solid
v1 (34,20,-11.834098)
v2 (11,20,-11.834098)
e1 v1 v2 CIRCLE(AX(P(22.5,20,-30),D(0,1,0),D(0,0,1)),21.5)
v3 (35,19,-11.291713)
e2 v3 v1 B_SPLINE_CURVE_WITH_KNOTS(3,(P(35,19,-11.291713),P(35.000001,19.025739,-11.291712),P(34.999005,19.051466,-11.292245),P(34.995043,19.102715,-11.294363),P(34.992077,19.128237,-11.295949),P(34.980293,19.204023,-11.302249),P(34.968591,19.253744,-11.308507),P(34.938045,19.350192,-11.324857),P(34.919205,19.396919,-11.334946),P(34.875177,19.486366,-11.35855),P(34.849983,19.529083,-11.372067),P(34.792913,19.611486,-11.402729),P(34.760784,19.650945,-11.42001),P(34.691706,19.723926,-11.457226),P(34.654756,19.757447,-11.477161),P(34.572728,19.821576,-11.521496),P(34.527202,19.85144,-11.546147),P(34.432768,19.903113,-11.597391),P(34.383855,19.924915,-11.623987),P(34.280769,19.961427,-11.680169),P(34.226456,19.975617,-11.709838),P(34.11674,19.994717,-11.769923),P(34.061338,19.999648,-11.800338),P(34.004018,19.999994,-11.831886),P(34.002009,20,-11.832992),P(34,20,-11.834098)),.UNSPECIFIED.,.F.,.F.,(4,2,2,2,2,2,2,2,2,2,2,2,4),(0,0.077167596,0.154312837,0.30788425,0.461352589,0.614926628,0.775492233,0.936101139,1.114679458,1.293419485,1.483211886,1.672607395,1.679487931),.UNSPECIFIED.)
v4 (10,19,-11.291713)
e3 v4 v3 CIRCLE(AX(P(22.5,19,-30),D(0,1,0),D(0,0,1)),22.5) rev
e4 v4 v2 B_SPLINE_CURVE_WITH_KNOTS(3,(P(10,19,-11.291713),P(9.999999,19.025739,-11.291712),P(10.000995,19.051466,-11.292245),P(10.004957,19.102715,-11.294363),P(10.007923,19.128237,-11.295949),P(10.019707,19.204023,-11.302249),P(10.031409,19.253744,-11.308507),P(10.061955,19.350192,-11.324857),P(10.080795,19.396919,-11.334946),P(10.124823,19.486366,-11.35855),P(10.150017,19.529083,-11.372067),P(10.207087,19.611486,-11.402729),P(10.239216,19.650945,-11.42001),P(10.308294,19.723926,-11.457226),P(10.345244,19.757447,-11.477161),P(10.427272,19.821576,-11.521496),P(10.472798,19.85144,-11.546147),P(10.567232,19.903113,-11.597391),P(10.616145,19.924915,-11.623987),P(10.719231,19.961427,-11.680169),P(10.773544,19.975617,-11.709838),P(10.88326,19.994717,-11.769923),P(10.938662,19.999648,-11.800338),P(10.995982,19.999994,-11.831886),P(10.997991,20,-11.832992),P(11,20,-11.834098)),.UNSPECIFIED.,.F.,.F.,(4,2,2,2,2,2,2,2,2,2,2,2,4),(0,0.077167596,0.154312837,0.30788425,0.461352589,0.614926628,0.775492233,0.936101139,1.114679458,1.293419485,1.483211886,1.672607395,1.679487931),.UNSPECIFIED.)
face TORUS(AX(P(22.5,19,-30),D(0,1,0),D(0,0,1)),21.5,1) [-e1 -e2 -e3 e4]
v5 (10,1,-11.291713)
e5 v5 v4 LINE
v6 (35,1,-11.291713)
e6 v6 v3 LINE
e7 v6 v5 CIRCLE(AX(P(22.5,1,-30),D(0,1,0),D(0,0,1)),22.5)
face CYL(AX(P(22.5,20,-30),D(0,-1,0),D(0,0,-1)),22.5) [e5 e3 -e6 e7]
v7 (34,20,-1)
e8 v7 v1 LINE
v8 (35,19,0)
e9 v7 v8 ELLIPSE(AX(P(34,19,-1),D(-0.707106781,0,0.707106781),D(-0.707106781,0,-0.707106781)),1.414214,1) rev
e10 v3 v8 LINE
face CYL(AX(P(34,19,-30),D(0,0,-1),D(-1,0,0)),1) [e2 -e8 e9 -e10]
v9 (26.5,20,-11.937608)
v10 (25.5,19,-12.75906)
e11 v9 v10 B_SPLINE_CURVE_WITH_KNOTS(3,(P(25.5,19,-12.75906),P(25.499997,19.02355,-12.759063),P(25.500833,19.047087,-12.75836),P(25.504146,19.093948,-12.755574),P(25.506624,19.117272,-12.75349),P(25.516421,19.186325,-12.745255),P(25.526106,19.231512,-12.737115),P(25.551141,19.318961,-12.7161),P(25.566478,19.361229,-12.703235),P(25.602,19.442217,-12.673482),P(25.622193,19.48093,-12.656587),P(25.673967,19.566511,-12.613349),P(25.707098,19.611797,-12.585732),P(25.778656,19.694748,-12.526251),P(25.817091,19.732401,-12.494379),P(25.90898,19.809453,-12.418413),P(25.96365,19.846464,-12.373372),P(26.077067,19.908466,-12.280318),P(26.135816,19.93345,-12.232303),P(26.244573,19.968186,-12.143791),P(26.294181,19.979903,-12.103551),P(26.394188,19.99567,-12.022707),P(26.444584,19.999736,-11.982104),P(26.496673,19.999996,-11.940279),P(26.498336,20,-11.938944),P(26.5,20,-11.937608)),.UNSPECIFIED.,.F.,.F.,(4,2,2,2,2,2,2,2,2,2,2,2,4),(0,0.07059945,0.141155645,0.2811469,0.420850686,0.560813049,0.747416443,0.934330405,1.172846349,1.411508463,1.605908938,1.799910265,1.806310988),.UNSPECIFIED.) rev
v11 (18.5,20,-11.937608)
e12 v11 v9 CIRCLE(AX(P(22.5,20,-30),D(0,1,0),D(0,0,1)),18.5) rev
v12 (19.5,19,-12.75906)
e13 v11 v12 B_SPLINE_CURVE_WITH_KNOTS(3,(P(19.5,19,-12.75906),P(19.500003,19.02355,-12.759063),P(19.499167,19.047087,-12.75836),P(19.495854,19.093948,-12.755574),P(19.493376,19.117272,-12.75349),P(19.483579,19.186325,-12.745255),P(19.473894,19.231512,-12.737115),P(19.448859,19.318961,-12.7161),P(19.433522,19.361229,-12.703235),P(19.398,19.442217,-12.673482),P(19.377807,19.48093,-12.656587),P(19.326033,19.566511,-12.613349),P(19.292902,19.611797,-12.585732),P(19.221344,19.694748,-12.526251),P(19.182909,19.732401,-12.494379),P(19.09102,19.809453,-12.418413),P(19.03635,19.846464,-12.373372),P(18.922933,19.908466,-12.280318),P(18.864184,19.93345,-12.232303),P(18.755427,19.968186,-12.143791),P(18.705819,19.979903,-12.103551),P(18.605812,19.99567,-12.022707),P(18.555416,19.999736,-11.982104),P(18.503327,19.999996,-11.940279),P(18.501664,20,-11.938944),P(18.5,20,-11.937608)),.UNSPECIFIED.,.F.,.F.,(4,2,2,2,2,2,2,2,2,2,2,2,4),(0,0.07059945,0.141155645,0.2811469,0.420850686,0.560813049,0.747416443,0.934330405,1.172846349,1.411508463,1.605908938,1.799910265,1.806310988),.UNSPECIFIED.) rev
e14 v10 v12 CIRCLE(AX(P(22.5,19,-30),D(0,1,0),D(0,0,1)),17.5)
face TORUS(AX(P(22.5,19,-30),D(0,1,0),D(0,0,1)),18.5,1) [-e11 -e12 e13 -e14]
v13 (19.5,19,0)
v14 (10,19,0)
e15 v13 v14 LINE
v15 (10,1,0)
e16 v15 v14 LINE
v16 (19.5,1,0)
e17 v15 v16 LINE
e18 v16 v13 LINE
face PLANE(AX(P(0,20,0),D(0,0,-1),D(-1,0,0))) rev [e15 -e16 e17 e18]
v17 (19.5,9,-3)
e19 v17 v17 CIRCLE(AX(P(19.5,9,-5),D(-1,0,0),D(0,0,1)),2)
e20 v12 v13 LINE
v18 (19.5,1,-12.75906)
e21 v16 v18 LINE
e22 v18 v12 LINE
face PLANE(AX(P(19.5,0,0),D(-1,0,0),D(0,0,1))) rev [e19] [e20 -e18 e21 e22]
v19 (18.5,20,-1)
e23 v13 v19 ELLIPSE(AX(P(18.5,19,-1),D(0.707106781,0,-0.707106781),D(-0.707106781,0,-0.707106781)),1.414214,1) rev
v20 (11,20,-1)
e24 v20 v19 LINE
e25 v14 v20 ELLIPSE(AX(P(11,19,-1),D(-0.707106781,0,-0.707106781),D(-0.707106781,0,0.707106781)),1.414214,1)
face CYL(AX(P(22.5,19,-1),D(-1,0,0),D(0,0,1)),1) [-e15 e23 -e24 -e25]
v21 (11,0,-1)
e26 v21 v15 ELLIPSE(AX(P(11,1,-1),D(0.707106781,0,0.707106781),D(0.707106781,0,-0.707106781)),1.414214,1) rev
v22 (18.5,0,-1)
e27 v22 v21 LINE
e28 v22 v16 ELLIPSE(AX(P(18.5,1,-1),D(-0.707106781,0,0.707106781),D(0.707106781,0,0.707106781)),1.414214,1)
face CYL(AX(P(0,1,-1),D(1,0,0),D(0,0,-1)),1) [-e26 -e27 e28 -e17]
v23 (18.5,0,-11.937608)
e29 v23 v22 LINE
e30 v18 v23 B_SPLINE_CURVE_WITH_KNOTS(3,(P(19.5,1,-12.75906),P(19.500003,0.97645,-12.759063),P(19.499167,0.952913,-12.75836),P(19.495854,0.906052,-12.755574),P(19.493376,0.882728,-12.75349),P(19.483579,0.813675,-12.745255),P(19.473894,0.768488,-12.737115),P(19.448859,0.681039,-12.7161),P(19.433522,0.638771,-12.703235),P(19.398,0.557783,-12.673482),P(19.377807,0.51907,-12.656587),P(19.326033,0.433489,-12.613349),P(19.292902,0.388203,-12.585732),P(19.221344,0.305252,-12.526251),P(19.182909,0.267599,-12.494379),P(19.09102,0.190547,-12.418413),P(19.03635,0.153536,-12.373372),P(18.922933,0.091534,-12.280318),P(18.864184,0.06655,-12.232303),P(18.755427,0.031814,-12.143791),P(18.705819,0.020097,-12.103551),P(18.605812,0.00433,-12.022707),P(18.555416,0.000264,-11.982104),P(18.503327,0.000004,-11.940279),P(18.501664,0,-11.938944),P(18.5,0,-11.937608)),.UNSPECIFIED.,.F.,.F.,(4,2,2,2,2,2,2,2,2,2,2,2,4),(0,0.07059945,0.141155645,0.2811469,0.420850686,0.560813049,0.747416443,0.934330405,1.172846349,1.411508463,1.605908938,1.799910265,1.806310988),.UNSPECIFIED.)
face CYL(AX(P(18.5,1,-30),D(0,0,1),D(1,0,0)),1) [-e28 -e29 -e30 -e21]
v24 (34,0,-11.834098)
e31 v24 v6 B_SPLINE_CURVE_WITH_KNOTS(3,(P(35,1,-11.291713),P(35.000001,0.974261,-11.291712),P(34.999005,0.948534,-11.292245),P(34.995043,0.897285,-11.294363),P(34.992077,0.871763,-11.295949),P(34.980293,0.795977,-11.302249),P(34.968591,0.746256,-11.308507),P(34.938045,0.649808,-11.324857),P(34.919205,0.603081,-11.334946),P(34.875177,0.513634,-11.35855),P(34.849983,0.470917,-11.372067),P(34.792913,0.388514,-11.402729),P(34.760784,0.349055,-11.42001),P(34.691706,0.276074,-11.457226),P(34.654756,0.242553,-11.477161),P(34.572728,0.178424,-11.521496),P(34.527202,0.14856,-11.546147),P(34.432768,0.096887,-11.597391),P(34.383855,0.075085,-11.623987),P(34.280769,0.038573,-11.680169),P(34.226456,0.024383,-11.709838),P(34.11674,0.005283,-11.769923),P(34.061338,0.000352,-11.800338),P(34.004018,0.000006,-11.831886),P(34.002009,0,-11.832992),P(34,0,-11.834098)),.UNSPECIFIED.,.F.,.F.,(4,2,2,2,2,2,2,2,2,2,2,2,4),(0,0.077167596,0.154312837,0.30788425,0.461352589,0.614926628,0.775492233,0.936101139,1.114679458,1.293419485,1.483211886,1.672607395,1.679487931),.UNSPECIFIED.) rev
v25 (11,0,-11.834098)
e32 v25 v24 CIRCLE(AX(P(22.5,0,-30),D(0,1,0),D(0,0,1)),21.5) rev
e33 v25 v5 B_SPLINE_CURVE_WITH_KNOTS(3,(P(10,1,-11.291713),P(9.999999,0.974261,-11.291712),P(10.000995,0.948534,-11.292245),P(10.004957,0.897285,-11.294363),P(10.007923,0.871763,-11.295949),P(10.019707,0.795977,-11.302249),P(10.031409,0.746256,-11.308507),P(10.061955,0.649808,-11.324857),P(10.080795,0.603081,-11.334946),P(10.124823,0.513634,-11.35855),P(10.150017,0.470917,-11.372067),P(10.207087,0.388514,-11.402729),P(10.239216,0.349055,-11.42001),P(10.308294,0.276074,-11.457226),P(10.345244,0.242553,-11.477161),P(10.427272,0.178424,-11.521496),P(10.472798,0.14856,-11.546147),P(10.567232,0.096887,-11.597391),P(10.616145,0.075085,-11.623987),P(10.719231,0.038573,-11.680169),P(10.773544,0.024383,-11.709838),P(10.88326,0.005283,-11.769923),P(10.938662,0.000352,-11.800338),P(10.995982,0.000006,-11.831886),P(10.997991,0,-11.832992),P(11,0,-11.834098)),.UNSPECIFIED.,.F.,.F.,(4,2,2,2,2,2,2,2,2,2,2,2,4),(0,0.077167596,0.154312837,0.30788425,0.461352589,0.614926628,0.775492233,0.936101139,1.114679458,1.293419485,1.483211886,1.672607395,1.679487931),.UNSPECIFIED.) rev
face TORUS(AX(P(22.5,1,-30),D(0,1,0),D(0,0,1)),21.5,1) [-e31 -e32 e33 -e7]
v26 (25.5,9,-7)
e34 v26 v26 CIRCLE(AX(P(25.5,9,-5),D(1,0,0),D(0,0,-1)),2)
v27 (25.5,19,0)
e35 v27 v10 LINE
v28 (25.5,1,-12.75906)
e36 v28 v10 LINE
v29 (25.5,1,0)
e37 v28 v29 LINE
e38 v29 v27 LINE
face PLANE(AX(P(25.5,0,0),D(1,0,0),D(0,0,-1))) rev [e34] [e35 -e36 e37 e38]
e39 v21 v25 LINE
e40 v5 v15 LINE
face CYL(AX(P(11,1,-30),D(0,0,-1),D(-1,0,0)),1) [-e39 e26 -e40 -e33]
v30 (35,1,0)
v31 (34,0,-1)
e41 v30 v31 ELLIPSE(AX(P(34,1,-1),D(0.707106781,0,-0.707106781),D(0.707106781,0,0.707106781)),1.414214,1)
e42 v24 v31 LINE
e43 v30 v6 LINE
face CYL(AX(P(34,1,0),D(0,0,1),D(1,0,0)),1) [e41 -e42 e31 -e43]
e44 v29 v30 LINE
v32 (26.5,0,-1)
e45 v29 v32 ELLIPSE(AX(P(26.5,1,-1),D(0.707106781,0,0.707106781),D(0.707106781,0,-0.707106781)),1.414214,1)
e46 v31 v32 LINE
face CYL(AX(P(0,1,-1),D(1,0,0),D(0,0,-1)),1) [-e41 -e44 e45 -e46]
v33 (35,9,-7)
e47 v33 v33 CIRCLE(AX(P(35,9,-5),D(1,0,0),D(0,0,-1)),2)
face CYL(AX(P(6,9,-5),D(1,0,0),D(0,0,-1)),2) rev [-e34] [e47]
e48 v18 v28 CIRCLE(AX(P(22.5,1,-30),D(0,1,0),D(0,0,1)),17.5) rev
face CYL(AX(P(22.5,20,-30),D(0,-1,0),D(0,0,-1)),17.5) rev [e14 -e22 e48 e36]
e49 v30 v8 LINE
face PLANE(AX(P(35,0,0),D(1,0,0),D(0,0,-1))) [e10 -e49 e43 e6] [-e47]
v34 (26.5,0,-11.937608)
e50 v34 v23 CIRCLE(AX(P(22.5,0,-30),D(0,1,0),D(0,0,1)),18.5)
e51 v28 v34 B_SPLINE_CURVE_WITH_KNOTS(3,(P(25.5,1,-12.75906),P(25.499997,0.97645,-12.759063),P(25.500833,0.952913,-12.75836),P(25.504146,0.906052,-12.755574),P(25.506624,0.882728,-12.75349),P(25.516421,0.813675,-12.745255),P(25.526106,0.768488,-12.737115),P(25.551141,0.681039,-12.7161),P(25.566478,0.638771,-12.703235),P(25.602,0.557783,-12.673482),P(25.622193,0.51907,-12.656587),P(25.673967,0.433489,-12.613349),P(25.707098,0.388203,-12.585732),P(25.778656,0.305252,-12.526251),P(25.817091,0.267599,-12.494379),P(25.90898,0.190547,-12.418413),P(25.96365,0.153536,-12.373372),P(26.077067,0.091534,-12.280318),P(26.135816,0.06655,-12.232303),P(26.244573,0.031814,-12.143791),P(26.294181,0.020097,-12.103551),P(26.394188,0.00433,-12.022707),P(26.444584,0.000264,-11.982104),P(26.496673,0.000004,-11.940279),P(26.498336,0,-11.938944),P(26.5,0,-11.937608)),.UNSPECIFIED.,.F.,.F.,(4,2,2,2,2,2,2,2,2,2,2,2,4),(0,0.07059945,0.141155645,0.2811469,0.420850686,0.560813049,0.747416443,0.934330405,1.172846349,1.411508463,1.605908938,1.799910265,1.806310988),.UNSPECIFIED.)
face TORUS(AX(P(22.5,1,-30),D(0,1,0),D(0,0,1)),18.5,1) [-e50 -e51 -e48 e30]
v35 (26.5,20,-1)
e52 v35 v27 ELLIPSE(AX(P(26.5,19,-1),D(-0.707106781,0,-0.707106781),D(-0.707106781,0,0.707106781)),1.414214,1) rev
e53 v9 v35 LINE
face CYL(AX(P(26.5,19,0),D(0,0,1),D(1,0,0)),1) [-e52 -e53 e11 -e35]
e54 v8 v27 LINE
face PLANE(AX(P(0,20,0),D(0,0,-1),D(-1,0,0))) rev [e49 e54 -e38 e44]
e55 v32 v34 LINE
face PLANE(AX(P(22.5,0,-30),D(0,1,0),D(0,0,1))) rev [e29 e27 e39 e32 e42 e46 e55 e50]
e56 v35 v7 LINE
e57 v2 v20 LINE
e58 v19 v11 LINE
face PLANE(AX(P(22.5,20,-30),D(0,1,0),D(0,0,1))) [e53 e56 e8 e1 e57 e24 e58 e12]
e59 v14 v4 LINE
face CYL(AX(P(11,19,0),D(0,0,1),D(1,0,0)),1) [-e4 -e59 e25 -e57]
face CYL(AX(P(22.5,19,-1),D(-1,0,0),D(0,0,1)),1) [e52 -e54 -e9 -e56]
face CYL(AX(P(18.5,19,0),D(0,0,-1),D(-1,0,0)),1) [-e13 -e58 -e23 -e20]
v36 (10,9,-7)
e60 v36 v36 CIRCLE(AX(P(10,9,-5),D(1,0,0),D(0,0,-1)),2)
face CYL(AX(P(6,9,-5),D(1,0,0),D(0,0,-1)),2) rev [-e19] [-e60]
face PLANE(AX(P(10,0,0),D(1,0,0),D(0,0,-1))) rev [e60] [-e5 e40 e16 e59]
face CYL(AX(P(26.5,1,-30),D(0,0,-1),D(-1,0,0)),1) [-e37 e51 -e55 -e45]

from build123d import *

# Parameters (mm, degrees)
SKETCH1_R           = 17.5
BOSS_EXTRUDE1_DEPTH = 20
SKETCH2_W           = 6
SKETCH2_H           = 12.75906035
CUT_EXTRUDE2_DEPTH  = 20
CUT_EXTRUDE5_DEPTH  = 20
FILLET5_R           = 1
SKETCH6_R           = 2
CUT_EXTRUDE7_DEPTH  = 29


with BuildPart() as part:
    # Sketch1 → Boss-Extrude1 (new body)
    with BuildSketch(Plane(origin=(0, 0, 0), x_dir=(1, 0, 0), z_dir=(0, 1, 0))):
        with BuildLine():
            Line((0, 30), (0, 0))
            Line((0, 0), (45, 0))
            Line((45, 0), (45, 30))
            ThreePointArc((45, 30), (22.5, 52.5), (0, 30))
        make_face()
        with Locations((22.5, 30)):
            Circle(SKETCH1_R, mode=Mode.SUBTRACT)
    extrude(amount=BOSS_EXTRUDE1_DEPTH)

    # Sketch2 → Cut-Extrude2 (cut)
    with BuildSketch(Plane(origin=(0, 20, 0), x_dir=(1, 0, 0), z_dir=(0, 1, 0))):
        with Locations((22.5, 6.379530175)):
            Rectangle(SKETCH2_W, SKETCH2_H)
    extrude(amount=-CUT_EXTRUDE2_DEPTH, mode=Mode.SUBTRACT)

    # Sketch5 → Cut-Extrude5 (cut)
    with BuildSketch(Plane(origin=(0, 20, 0), x_dir=(1, 0, 0), z_dir=(0, 1, 0))):
        with BuildLine():
            Line((10, 0), (10, 11.291713066))
            ThreePointArc((10, 11.291713066), (2.656865167, 19.393398282), (0, 30))
            Line((0, 30), (0, 0))
            Line((0, 0), (10, 0))
        make_face()
        with BuildLine():
            Line((45, 0), (45, 30))
            ThreePointArc((45, 30), (42.343134833, 19.393398282), (35, 11.291713066))
            Line((35, 11.291713066), (35, 0))
            Line((35, 0), (45, 0))
        make_face()
    extrude(amount=-CUT_EXTRUDE5_DEPTH, mode=Mode.SUBTRACT)

    # Fillet5
    fillet5_edges = [part.edges().sort_by_distance(p)[0] for p in [
        (22.5, 0, -47.5),
        (22.5, 20, -47.5),
        (30.25, 0, 0),
        (30.25, 20, 0),
        (19.5, 0, -6.379530175),
        (25.5, 0, -6.379530175),
        (25.5, 20, -6.379530175),
        (19.5, 20, -6.379530175),
        (14.75, 0, 0),
        (14.75, 20, 0),
        (10, 0, -5.645856533),
        (10, 20, -5.645856533),
        (22.5, 20, -52.5),
        (35, 20, -5.645856533),
        (35, 0, -5.645856533),
        (22.5, 0, -52.5),
    ]]
    fillet(fillet5_edges, radius=FILLET5_R)

    # Sketch6 → Cut-Extrude7 (cut)
    with BuildSketch(Plane(origin=(35, 0, 0), x_dir=(0, 0, -1), z_dir=(1, 0, 0))):
        with Locations((5, 9)):
            Circle(SKETCH6_R)
    extrude(amount=-CUT_EXTRUDE7_DEPTH, mode=Mode.SUBTRACT)


solid = part.part
